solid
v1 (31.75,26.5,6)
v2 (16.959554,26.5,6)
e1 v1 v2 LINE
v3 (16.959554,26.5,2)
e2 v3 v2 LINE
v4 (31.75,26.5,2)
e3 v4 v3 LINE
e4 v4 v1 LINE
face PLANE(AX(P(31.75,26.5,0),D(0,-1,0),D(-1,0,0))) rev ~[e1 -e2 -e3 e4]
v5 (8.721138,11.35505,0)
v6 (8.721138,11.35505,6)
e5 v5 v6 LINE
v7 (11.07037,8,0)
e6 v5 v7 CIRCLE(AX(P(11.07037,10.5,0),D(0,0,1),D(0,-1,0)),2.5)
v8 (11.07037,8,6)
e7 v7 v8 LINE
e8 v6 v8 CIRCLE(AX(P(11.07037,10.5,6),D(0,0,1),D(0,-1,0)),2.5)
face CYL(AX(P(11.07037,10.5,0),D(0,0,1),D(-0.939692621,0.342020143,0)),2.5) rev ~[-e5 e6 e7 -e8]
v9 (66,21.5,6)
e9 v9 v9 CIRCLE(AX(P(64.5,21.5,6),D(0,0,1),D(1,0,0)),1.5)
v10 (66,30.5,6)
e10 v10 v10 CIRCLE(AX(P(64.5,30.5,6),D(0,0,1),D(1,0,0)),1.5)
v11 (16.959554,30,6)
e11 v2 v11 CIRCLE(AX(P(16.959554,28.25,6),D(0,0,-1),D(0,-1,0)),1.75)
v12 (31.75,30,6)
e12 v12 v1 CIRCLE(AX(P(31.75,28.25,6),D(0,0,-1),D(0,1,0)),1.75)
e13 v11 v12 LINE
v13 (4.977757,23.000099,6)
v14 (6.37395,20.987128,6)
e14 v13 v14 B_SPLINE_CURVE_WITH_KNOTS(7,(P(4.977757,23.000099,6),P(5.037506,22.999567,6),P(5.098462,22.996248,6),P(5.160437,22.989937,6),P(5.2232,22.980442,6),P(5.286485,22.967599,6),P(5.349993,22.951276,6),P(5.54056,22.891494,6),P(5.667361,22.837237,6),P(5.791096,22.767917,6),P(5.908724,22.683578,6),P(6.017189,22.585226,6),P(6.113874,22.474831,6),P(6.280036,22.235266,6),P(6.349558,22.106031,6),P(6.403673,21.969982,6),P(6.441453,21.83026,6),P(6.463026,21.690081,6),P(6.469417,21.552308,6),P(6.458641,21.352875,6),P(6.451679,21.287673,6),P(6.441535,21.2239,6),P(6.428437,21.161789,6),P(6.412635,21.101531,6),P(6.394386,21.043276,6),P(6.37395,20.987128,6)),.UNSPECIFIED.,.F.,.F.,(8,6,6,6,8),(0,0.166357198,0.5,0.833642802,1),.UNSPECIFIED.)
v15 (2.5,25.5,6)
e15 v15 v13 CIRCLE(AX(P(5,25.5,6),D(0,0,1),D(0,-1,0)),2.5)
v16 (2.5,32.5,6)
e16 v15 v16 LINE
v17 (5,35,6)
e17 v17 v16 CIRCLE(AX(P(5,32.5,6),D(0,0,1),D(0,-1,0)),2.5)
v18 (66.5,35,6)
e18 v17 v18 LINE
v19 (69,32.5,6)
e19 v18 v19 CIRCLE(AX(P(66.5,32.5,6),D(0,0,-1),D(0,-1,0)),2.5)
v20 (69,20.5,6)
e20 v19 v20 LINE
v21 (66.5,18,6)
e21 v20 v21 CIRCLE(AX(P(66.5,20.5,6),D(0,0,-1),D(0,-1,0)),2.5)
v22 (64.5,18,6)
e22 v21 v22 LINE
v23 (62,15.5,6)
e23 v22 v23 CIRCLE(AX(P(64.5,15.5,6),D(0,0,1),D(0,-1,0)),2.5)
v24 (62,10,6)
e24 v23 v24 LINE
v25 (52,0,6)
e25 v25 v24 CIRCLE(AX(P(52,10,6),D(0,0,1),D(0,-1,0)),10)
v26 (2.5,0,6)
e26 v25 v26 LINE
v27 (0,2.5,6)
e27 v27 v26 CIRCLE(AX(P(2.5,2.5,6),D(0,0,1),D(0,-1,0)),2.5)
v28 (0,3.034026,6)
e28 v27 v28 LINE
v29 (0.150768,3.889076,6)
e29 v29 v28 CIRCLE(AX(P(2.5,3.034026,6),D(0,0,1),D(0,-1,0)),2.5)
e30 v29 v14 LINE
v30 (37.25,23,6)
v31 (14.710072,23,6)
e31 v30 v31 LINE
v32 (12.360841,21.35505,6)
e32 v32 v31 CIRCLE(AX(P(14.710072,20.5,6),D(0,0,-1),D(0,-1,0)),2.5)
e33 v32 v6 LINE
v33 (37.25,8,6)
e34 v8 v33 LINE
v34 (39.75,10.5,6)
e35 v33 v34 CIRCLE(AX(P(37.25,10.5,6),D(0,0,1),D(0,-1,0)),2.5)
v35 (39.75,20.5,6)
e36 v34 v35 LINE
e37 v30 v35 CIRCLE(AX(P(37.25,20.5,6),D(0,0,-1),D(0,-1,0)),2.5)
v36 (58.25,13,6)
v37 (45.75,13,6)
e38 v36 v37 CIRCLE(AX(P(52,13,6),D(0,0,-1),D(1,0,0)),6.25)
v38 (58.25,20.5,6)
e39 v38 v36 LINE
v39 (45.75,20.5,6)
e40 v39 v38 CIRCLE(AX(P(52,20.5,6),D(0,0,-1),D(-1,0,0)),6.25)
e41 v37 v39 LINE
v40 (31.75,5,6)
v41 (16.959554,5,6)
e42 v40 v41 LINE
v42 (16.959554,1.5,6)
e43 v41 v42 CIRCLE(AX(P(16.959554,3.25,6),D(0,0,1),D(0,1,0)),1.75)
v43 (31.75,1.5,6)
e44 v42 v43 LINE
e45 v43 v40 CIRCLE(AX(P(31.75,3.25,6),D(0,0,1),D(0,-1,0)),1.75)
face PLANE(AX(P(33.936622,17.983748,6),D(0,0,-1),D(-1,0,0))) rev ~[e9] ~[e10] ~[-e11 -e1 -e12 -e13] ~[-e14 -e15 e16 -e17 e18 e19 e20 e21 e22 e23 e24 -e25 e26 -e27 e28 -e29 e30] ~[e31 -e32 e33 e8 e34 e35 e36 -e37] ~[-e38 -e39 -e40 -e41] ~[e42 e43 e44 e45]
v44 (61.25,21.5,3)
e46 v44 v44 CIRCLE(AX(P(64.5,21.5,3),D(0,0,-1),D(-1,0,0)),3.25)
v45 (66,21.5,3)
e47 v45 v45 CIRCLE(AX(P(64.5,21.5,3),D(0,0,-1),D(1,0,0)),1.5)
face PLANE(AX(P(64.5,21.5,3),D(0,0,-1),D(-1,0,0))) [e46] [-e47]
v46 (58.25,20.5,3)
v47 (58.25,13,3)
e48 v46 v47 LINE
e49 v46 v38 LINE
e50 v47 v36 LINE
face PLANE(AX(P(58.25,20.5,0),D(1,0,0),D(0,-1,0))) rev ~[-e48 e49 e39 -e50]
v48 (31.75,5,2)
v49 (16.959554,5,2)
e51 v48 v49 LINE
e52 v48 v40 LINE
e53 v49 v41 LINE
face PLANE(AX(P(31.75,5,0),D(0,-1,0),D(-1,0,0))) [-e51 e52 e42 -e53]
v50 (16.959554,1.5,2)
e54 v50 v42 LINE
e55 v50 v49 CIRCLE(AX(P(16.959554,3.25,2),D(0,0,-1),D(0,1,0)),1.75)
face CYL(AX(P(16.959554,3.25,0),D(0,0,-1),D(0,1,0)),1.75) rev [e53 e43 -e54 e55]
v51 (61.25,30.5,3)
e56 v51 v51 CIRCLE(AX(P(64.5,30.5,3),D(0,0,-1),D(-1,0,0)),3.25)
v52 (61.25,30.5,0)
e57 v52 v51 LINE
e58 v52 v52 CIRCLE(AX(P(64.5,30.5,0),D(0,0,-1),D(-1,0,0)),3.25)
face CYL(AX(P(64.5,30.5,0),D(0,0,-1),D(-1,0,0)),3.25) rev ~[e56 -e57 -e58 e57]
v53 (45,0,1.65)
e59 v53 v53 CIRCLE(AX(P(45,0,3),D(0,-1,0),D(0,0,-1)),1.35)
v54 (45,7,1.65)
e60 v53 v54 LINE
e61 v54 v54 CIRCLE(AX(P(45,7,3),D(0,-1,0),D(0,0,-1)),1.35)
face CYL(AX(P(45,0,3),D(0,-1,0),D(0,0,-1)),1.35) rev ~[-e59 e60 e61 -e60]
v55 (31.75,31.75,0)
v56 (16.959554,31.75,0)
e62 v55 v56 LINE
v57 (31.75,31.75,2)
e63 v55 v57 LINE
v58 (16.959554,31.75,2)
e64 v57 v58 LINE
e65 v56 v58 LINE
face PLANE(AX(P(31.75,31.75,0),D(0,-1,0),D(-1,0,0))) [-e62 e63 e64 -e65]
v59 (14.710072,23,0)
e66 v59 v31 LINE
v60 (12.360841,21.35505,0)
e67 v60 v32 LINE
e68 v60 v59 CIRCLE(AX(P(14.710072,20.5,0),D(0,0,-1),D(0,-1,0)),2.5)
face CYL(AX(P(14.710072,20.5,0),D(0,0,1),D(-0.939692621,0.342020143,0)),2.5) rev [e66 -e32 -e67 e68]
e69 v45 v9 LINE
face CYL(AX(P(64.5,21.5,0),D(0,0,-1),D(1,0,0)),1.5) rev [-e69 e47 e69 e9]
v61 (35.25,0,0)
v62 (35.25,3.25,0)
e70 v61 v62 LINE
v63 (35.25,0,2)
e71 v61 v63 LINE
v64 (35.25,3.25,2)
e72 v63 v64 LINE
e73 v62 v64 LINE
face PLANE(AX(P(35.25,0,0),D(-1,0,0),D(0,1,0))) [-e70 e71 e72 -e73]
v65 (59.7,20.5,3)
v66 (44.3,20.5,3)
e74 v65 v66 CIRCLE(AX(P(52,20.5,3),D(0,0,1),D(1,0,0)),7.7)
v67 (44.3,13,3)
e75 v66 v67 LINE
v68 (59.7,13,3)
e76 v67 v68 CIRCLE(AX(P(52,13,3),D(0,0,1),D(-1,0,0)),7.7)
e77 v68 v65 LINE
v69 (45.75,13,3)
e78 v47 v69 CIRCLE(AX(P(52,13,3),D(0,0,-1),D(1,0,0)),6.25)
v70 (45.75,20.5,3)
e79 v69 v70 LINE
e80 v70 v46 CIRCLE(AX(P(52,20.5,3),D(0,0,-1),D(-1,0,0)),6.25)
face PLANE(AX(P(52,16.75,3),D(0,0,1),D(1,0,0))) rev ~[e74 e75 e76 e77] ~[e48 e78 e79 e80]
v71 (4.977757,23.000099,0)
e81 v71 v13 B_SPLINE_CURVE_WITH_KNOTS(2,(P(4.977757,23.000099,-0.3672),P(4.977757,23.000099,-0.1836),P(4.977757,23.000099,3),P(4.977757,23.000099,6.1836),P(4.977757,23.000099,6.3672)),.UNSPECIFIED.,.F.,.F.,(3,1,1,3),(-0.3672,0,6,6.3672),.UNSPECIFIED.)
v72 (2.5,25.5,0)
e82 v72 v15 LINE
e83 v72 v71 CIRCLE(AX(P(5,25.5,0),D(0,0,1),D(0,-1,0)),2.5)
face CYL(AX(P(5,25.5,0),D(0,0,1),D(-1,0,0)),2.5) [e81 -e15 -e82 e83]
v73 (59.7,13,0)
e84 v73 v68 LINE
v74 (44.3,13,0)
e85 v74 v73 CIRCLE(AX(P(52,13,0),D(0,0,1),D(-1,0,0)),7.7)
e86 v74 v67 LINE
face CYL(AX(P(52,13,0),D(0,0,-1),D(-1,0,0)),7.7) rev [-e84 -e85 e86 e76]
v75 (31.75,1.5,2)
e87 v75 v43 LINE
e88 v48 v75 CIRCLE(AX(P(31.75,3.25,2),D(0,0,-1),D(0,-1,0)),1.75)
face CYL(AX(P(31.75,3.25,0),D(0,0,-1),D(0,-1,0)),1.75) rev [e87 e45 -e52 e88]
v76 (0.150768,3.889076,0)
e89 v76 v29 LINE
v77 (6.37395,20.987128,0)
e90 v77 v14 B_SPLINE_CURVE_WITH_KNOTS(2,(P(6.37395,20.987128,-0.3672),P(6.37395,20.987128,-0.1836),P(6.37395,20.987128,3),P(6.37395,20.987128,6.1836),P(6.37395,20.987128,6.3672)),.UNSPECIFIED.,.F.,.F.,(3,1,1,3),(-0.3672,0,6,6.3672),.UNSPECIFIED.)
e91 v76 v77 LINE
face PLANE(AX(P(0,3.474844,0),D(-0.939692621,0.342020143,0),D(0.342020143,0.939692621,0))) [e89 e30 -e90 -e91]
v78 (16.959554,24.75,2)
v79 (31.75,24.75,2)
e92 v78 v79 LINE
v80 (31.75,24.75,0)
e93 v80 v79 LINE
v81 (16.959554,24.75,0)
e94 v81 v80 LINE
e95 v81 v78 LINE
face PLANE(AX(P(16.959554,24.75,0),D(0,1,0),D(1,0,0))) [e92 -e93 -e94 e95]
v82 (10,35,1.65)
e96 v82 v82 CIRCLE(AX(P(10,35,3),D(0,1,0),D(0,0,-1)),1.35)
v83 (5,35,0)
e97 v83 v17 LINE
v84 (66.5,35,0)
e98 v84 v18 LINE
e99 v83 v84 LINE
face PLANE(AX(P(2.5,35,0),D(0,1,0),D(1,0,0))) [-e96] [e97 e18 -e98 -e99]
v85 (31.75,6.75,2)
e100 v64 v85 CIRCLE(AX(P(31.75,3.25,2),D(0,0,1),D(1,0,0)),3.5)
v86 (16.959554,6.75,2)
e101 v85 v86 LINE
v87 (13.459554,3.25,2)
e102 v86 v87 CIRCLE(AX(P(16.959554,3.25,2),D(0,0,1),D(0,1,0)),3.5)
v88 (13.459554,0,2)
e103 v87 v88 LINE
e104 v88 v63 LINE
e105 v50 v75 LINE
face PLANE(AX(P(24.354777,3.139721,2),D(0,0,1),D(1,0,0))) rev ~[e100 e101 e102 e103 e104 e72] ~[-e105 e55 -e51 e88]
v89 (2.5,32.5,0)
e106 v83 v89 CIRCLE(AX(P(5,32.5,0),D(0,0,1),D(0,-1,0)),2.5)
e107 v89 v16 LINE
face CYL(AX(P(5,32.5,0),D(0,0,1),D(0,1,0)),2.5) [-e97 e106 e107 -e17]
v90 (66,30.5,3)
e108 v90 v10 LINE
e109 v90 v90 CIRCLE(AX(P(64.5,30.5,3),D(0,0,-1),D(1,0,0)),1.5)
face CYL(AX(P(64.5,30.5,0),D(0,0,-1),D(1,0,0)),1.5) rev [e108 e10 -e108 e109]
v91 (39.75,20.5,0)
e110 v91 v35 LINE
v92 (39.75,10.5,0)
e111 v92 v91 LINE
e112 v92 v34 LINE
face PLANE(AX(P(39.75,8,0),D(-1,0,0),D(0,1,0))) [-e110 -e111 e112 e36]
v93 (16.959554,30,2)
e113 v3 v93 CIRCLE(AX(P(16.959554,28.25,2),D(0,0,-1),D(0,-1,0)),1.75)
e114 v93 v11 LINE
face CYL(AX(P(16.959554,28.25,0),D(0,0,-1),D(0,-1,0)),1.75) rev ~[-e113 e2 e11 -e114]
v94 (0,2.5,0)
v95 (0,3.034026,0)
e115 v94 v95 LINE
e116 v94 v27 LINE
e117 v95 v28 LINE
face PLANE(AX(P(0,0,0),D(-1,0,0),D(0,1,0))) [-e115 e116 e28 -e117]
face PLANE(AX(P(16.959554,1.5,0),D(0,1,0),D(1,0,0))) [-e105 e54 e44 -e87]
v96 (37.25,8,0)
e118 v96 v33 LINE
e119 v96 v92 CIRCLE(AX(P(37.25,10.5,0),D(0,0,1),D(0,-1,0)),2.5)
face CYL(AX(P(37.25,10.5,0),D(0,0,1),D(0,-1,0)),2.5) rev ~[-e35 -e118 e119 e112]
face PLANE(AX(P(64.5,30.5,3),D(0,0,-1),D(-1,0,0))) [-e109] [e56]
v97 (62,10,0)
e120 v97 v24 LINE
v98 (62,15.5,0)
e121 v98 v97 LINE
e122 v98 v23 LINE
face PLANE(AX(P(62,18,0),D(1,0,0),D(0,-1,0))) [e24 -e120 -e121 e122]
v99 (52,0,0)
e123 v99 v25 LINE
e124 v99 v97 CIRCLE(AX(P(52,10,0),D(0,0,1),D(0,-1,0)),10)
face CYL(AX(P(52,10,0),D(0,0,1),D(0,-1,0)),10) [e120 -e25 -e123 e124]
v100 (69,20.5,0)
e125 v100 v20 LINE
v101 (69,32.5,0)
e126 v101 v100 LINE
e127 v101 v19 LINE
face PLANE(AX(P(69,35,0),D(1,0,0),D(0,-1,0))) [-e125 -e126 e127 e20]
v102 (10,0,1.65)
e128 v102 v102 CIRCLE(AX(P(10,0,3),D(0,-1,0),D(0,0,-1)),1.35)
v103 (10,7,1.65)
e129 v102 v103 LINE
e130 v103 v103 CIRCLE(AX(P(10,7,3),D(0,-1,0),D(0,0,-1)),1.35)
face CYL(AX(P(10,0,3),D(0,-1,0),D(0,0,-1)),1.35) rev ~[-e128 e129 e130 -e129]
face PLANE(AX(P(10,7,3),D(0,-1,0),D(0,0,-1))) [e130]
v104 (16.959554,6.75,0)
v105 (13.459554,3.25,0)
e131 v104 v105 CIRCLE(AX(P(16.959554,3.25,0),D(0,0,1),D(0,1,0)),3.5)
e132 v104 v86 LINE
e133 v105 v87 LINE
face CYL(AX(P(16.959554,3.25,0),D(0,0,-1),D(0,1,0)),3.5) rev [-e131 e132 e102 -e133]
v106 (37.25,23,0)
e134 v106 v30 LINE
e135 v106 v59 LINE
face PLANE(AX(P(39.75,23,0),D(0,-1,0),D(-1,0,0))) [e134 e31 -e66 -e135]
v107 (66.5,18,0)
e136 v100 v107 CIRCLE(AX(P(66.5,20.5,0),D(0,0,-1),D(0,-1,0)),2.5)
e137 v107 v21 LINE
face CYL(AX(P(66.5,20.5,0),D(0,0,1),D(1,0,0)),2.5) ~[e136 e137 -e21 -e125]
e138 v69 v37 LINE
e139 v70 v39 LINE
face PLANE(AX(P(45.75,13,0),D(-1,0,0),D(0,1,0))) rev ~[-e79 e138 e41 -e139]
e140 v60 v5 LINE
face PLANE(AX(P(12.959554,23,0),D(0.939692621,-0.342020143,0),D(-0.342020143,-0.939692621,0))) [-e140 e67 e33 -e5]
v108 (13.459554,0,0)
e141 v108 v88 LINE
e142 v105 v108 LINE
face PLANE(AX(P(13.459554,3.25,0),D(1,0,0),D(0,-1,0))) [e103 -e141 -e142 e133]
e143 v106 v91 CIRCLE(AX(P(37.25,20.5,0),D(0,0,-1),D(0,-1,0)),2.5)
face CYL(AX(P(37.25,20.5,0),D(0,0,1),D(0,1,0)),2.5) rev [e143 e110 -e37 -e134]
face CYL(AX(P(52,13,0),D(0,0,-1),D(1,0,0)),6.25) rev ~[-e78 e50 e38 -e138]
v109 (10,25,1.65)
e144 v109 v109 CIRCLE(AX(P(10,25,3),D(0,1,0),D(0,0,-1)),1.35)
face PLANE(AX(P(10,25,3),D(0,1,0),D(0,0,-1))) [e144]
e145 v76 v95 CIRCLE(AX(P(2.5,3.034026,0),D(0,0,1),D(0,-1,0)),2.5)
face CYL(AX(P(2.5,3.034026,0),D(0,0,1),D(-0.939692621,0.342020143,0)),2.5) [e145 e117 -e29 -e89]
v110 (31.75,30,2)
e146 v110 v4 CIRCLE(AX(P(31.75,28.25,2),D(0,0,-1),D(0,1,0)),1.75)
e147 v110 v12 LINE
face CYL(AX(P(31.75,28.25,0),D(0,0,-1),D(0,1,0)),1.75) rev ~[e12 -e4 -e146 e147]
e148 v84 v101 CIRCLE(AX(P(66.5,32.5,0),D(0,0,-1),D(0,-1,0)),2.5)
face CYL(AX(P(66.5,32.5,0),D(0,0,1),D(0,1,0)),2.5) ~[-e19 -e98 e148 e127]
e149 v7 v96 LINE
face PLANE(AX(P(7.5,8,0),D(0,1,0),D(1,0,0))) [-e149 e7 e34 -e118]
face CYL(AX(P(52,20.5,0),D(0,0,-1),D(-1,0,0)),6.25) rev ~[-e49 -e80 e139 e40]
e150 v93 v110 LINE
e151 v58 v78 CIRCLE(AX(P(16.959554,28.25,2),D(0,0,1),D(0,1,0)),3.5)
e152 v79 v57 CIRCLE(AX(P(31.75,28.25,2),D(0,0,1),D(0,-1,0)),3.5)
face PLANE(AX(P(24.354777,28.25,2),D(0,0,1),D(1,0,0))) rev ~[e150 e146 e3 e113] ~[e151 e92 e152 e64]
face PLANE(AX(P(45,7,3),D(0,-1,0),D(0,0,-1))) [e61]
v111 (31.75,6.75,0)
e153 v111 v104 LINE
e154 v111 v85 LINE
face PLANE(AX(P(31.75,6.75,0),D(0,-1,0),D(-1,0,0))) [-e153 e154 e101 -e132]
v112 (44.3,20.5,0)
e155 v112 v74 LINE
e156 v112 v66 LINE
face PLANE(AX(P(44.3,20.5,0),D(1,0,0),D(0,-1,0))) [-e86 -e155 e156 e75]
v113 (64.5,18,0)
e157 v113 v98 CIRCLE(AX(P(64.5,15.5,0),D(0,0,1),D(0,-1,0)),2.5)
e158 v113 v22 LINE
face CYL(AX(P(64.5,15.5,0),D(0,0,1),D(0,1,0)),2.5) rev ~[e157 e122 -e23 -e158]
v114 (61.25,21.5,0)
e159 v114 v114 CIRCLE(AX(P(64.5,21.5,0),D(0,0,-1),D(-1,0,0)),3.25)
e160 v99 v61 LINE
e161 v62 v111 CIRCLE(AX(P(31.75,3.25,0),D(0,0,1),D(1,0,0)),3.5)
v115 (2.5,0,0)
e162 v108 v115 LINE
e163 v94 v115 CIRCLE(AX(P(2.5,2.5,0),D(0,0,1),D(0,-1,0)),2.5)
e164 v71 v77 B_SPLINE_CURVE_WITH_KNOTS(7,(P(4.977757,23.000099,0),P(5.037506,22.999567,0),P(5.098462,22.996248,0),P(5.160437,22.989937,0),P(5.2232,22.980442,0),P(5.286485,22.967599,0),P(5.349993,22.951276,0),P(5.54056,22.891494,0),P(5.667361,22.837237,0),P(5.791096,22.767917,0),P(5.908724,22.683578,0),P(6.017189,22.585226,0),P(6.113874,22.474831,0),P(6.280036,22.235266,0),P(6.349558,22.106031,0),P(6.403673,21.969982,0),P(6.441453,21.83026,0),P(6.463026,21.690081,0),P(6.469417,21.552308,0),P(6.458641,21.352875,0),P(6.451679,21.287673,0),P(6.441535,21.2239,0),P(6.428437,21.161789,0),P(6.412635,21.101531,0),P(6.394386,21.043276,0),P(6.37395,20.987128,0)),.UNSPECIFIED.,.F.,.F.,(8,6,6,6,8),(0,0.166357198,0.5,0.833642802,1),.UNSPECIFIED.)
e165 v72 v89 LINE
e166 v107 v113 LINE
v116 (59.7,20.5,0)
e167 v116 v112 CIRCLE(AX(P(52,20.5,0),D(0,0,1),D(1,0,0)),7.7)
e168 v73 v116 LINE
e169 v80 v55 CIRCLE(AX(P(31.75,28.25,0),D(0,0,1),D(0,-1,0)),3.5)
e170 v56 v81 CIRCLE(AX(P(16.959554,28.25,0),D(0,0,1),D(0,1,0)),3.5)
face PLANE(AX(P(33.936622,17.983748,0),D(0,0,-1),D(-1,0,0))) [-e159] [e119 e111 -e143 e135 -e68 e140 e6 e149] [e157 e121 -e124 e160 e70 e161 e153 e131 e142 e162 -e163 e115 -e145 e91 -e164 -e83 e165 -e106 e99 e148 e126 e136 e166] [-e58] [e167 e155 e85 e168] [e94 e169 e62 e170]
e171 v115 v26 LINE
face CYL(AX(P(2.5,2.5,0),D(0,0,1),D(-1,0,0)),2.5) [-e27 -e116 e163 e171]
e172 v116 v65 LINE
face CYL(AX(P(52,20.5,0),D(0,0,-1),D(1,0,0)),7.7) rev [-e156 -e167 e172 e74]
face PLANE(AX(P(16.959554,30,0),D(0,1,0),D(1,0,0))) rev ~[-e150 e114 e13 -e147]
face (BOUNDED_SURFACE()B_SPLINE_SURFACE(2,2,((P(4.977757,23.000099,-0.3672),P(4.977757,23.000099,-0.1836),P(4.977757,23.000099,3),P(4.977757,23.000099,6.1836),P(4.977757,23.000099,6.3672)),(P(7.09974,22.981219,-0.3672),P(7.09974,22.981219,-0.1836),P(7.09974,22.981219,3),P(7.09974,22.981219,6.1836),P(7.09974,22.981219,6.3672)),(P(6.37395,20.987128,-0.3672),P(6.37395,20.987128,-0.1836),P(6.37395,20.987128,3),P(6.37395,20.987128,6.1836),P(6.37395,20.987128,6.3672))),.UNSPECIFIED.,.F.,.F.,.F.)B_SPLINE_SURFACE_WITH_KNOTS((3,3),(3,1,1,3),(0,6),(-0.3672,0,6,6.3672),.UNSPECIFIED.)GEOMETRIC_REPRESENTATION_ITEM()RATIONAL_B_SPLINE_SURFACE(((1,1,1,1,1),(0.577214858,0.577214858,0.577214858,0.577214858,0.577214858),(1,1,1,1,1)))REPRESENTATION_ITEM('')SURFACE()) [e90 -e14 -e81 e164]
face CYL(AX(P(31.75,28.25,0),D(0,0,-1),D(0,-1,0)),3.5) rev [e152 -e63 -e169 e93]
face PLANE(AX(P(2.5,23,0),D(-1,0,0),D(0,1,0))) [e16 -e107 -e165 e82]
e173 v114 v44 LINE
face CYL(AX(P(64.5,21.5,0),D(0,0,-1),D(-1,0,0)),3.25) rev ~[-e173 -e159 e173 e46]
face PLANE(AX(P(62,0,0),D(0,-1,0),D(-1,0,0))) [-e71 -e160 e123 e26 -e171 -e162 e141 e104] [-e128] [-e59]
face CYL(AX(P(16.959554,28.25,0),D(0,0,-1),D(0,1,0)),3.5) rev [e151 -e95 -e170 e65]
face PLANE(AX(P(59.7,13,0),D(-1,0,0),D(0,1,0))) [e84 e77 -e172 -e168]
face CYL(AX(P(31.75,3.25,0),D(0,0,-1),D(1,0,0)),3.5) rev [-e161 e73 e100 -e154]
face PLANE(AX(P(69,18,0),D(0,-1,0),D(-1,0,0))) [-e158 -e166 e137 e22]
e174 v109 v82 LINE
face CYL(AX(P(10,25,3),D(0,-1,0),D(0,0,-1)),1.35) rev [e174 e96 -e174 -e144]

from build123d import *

# Parameters (mm, degrees)
SKETCH1_R           = 1.5
BOSS_EXTRUDE1_DEPTH = 6
SKETCH2_R           = 3.25
CUT_EXTRUDE1_DEPTH  = 3
FILLET1_R           = 2.5
FILLET2_R           = 1.5
FILLET3_R           = 10
CUT_EXTRUDE2_DEPTH  = 2
SKETCH4_R           = 1.35
CUT_EXTRUDE3_DEPTH  = 7
CUT_EXTRUDE4_START  = -10
SKETCH5_R           = 1.35
CUT_EXTRUDE4_DEPTH  = 10


with BuildPart() as part:
    # Sketch1 → Boss-Extrude1 (new body)
    with BuildSketch(Plane.XY):
        Polygon((2.5, 35), (69, 35), (69, 18), (62, 18), (62, 0), (0, 0), (0, 3.474843555), (7.106575765, 23), (2.5, 23), align=None)
        with Locations((64.5, 30.5)):
            Circle(SKETCH1_R, mode=Mode.SUBTRACT)
        with Locations((64.5, 21.5)):
            Circle(SKETCH1_R, mode=Mode.SUBTRACT)
        with BuildLine():
            Line((58.25, 20.5), (58.25, 13))
            ThreePointArc((58.25, 13), (52, 6.75), (45.75, 13))
            Line((45.75, 13), (45.75, 20.5))
            ThreePointArc((45.75, 20.5), (52, 26.75), (58.25, 20.5))
        make_face(mode=Mode.SUBTRACT)
        Polygon((7.5, 8), (39.75, 8), (39.75, 23), (12.959553514, 23), align=None, mode=Mode.SUBTRACT)
        with BuildLine():
            Line((16.959553514, 30), (31.75, 30))
            ThreePointArc((31.75, 30), (33.5, 28.25), (31.75, 26.5))
            Line((31.75, 26.5), (16.959553514, 26.5))
            ThreePointArc((16.959553514, 26.5), (15.209553514, 28.25), (16.959553514, 30))
        make_face(mode=Mode.SUBTRACT)
        with BuildLine():
            Line((16.959553514, 1.5), (31.75, 1.5))
            ThreePointArc((31.75, 1.5), (33.5, 3.25), (31.75, 5))
            Line((31.75, 5), (16.959553514, 5))
            ThreePointArc((16.959553514, 5), (15.209553514, 3.25), (16.959553514, 1.5))
        make_face(mode=Mode.SUBTRACT)
    extrude(amount=BOSS_EXTRUDE1_DEPTH)

    # Sketch2 → Cut-Extrude1 (cut)
    with BuildSketch(Plane(origin=(0, 0, 0), x_dir=(-1, 0, 0), z_dir=(0, 0, -1))):
        with Locations((-64.5, 30.5)):
            Circle(SKETCH2_R)
        with Locations((-64.5, 21.5)):
            Circle(SKETCH2_R)
        with BuildLine():
            Line((-44.3, 20.5), (-44.3, 13))
            ThreePointArc((-44.3, 13), (-52, 5.3), (-59.7, 13))
            Line((-59.7, 13), (-59.7, 20.5))
            ThreePointArc((-59.7, 20.5), (-52, 28.2), (-44.3, 20.5))
        make_face()
    extrude(amount=-CUT_EXTRUDE1_DEPTH, mode=Mode.SUBTRACT)

    # Fillet1
    fillet1_edges = [part.edges().sort_by_distance(p)[0] for p in [
        (0, 0, 3),
        (0, 3.474843555, 3),
        (2.5, 23, 3),
        (2.5, 35, 3),
        (69, 35, 3),
        (69, 18, 3),
        (62, 18, 3),
        (12.959553514, 23, 3),
        (7.5, 8, 3),
        (39.75, 8, 3),
        (39.75, 23, 3),
    ]]
    fillet(fillet1_edges, radius=FILLET1_R)

    # Fillet2
    fillet2_edges = [part.edges().sort_by_distance(p)[0] for p in [
        (7.106575765, 23, 3),
    ]]
    fillet(fillet2_edges, radius=FILLET2_R)

    # Fillet3
    fillet3_edges = [part.edges().sort_by_distance(p)[0] for p in [
        (62, 0, 3),
    ]]
    fillet(fillet3_edges, radius=FILLET3_R)

    # Sketch3 → Cut-Extrude2 (cut)
    with BuildSketch(Plane(origin=(0, 0, 0), x_dir=(-1, 0, 0), z_dir=(0, 0, -1))):
        with BuildLine():
            Line((-31.75, 31.75), (-16.959553514, 31.75))
            ThreePointArc((-16.959553514, 31.75), (-13.459553514, 28.25), (-16.959553514, 24.75))
            Line((-16.959553514, 24.75), (-31.75, 24.75))
            ThreePointArc((-31.75, 24.75), (-35.25, 28.25), (-31.75, 31.75))
        make_face()
        with BuildLine():
            Line((-31.75, 6.75), (-16.959553514, 6.75))
            ThreePointArc((-16.959553514, 6.75), (-14.48467978, 5.724873734), (-13.459553514, 3.25))
            Line((-13.459553514, 3.25), (-13.459553514, 0))
            Line((-13.459553514, 0), (-35.25, 0))
            Line((-35.25, 0), (-35.25, 3.25))
            ThreePointArc((-35.25, 3.25), (-34.224873734, 5.724873734), (-31.75, 6.75))
        make_face()
    extrude(amount=-CUT_EXTRUDE2_DEPTH, mode=Mode.SUBTRACT)

    # Sketch4 → Cut-Extrude3 (cut)
    with BuildSketch(Plane.XZ):
        with Locations(Location((10, 3, 0), (0, 0, 270))):
            Circle(SKETCH4_R)
        with Locations(Location((45, 3, 0), (0, 0, 270))):
            Circle(SKETCH4_R)
    extrude(amount=-CUT_EXTRUDE3_DEPTH, mode=Mode.SUBTRACT)

    # Sketch5 → Cut-Extrude4 (cut)
    with BuildSketch(Plane(origin=(0, 35, 0), x_dir=(1, 0, 0), z_dir=(0, 1, 0)).offset(CUT_EXTRUDE4_START)):
        with Locations(Location((10, -3, 0), (0, 0, 90))):
            Circle(SKETCH5_R)
    extrude(amount=CUT_EXTRUDE4_DEPTH, mode=Mode.SUBTRACT)


solid = part.part
